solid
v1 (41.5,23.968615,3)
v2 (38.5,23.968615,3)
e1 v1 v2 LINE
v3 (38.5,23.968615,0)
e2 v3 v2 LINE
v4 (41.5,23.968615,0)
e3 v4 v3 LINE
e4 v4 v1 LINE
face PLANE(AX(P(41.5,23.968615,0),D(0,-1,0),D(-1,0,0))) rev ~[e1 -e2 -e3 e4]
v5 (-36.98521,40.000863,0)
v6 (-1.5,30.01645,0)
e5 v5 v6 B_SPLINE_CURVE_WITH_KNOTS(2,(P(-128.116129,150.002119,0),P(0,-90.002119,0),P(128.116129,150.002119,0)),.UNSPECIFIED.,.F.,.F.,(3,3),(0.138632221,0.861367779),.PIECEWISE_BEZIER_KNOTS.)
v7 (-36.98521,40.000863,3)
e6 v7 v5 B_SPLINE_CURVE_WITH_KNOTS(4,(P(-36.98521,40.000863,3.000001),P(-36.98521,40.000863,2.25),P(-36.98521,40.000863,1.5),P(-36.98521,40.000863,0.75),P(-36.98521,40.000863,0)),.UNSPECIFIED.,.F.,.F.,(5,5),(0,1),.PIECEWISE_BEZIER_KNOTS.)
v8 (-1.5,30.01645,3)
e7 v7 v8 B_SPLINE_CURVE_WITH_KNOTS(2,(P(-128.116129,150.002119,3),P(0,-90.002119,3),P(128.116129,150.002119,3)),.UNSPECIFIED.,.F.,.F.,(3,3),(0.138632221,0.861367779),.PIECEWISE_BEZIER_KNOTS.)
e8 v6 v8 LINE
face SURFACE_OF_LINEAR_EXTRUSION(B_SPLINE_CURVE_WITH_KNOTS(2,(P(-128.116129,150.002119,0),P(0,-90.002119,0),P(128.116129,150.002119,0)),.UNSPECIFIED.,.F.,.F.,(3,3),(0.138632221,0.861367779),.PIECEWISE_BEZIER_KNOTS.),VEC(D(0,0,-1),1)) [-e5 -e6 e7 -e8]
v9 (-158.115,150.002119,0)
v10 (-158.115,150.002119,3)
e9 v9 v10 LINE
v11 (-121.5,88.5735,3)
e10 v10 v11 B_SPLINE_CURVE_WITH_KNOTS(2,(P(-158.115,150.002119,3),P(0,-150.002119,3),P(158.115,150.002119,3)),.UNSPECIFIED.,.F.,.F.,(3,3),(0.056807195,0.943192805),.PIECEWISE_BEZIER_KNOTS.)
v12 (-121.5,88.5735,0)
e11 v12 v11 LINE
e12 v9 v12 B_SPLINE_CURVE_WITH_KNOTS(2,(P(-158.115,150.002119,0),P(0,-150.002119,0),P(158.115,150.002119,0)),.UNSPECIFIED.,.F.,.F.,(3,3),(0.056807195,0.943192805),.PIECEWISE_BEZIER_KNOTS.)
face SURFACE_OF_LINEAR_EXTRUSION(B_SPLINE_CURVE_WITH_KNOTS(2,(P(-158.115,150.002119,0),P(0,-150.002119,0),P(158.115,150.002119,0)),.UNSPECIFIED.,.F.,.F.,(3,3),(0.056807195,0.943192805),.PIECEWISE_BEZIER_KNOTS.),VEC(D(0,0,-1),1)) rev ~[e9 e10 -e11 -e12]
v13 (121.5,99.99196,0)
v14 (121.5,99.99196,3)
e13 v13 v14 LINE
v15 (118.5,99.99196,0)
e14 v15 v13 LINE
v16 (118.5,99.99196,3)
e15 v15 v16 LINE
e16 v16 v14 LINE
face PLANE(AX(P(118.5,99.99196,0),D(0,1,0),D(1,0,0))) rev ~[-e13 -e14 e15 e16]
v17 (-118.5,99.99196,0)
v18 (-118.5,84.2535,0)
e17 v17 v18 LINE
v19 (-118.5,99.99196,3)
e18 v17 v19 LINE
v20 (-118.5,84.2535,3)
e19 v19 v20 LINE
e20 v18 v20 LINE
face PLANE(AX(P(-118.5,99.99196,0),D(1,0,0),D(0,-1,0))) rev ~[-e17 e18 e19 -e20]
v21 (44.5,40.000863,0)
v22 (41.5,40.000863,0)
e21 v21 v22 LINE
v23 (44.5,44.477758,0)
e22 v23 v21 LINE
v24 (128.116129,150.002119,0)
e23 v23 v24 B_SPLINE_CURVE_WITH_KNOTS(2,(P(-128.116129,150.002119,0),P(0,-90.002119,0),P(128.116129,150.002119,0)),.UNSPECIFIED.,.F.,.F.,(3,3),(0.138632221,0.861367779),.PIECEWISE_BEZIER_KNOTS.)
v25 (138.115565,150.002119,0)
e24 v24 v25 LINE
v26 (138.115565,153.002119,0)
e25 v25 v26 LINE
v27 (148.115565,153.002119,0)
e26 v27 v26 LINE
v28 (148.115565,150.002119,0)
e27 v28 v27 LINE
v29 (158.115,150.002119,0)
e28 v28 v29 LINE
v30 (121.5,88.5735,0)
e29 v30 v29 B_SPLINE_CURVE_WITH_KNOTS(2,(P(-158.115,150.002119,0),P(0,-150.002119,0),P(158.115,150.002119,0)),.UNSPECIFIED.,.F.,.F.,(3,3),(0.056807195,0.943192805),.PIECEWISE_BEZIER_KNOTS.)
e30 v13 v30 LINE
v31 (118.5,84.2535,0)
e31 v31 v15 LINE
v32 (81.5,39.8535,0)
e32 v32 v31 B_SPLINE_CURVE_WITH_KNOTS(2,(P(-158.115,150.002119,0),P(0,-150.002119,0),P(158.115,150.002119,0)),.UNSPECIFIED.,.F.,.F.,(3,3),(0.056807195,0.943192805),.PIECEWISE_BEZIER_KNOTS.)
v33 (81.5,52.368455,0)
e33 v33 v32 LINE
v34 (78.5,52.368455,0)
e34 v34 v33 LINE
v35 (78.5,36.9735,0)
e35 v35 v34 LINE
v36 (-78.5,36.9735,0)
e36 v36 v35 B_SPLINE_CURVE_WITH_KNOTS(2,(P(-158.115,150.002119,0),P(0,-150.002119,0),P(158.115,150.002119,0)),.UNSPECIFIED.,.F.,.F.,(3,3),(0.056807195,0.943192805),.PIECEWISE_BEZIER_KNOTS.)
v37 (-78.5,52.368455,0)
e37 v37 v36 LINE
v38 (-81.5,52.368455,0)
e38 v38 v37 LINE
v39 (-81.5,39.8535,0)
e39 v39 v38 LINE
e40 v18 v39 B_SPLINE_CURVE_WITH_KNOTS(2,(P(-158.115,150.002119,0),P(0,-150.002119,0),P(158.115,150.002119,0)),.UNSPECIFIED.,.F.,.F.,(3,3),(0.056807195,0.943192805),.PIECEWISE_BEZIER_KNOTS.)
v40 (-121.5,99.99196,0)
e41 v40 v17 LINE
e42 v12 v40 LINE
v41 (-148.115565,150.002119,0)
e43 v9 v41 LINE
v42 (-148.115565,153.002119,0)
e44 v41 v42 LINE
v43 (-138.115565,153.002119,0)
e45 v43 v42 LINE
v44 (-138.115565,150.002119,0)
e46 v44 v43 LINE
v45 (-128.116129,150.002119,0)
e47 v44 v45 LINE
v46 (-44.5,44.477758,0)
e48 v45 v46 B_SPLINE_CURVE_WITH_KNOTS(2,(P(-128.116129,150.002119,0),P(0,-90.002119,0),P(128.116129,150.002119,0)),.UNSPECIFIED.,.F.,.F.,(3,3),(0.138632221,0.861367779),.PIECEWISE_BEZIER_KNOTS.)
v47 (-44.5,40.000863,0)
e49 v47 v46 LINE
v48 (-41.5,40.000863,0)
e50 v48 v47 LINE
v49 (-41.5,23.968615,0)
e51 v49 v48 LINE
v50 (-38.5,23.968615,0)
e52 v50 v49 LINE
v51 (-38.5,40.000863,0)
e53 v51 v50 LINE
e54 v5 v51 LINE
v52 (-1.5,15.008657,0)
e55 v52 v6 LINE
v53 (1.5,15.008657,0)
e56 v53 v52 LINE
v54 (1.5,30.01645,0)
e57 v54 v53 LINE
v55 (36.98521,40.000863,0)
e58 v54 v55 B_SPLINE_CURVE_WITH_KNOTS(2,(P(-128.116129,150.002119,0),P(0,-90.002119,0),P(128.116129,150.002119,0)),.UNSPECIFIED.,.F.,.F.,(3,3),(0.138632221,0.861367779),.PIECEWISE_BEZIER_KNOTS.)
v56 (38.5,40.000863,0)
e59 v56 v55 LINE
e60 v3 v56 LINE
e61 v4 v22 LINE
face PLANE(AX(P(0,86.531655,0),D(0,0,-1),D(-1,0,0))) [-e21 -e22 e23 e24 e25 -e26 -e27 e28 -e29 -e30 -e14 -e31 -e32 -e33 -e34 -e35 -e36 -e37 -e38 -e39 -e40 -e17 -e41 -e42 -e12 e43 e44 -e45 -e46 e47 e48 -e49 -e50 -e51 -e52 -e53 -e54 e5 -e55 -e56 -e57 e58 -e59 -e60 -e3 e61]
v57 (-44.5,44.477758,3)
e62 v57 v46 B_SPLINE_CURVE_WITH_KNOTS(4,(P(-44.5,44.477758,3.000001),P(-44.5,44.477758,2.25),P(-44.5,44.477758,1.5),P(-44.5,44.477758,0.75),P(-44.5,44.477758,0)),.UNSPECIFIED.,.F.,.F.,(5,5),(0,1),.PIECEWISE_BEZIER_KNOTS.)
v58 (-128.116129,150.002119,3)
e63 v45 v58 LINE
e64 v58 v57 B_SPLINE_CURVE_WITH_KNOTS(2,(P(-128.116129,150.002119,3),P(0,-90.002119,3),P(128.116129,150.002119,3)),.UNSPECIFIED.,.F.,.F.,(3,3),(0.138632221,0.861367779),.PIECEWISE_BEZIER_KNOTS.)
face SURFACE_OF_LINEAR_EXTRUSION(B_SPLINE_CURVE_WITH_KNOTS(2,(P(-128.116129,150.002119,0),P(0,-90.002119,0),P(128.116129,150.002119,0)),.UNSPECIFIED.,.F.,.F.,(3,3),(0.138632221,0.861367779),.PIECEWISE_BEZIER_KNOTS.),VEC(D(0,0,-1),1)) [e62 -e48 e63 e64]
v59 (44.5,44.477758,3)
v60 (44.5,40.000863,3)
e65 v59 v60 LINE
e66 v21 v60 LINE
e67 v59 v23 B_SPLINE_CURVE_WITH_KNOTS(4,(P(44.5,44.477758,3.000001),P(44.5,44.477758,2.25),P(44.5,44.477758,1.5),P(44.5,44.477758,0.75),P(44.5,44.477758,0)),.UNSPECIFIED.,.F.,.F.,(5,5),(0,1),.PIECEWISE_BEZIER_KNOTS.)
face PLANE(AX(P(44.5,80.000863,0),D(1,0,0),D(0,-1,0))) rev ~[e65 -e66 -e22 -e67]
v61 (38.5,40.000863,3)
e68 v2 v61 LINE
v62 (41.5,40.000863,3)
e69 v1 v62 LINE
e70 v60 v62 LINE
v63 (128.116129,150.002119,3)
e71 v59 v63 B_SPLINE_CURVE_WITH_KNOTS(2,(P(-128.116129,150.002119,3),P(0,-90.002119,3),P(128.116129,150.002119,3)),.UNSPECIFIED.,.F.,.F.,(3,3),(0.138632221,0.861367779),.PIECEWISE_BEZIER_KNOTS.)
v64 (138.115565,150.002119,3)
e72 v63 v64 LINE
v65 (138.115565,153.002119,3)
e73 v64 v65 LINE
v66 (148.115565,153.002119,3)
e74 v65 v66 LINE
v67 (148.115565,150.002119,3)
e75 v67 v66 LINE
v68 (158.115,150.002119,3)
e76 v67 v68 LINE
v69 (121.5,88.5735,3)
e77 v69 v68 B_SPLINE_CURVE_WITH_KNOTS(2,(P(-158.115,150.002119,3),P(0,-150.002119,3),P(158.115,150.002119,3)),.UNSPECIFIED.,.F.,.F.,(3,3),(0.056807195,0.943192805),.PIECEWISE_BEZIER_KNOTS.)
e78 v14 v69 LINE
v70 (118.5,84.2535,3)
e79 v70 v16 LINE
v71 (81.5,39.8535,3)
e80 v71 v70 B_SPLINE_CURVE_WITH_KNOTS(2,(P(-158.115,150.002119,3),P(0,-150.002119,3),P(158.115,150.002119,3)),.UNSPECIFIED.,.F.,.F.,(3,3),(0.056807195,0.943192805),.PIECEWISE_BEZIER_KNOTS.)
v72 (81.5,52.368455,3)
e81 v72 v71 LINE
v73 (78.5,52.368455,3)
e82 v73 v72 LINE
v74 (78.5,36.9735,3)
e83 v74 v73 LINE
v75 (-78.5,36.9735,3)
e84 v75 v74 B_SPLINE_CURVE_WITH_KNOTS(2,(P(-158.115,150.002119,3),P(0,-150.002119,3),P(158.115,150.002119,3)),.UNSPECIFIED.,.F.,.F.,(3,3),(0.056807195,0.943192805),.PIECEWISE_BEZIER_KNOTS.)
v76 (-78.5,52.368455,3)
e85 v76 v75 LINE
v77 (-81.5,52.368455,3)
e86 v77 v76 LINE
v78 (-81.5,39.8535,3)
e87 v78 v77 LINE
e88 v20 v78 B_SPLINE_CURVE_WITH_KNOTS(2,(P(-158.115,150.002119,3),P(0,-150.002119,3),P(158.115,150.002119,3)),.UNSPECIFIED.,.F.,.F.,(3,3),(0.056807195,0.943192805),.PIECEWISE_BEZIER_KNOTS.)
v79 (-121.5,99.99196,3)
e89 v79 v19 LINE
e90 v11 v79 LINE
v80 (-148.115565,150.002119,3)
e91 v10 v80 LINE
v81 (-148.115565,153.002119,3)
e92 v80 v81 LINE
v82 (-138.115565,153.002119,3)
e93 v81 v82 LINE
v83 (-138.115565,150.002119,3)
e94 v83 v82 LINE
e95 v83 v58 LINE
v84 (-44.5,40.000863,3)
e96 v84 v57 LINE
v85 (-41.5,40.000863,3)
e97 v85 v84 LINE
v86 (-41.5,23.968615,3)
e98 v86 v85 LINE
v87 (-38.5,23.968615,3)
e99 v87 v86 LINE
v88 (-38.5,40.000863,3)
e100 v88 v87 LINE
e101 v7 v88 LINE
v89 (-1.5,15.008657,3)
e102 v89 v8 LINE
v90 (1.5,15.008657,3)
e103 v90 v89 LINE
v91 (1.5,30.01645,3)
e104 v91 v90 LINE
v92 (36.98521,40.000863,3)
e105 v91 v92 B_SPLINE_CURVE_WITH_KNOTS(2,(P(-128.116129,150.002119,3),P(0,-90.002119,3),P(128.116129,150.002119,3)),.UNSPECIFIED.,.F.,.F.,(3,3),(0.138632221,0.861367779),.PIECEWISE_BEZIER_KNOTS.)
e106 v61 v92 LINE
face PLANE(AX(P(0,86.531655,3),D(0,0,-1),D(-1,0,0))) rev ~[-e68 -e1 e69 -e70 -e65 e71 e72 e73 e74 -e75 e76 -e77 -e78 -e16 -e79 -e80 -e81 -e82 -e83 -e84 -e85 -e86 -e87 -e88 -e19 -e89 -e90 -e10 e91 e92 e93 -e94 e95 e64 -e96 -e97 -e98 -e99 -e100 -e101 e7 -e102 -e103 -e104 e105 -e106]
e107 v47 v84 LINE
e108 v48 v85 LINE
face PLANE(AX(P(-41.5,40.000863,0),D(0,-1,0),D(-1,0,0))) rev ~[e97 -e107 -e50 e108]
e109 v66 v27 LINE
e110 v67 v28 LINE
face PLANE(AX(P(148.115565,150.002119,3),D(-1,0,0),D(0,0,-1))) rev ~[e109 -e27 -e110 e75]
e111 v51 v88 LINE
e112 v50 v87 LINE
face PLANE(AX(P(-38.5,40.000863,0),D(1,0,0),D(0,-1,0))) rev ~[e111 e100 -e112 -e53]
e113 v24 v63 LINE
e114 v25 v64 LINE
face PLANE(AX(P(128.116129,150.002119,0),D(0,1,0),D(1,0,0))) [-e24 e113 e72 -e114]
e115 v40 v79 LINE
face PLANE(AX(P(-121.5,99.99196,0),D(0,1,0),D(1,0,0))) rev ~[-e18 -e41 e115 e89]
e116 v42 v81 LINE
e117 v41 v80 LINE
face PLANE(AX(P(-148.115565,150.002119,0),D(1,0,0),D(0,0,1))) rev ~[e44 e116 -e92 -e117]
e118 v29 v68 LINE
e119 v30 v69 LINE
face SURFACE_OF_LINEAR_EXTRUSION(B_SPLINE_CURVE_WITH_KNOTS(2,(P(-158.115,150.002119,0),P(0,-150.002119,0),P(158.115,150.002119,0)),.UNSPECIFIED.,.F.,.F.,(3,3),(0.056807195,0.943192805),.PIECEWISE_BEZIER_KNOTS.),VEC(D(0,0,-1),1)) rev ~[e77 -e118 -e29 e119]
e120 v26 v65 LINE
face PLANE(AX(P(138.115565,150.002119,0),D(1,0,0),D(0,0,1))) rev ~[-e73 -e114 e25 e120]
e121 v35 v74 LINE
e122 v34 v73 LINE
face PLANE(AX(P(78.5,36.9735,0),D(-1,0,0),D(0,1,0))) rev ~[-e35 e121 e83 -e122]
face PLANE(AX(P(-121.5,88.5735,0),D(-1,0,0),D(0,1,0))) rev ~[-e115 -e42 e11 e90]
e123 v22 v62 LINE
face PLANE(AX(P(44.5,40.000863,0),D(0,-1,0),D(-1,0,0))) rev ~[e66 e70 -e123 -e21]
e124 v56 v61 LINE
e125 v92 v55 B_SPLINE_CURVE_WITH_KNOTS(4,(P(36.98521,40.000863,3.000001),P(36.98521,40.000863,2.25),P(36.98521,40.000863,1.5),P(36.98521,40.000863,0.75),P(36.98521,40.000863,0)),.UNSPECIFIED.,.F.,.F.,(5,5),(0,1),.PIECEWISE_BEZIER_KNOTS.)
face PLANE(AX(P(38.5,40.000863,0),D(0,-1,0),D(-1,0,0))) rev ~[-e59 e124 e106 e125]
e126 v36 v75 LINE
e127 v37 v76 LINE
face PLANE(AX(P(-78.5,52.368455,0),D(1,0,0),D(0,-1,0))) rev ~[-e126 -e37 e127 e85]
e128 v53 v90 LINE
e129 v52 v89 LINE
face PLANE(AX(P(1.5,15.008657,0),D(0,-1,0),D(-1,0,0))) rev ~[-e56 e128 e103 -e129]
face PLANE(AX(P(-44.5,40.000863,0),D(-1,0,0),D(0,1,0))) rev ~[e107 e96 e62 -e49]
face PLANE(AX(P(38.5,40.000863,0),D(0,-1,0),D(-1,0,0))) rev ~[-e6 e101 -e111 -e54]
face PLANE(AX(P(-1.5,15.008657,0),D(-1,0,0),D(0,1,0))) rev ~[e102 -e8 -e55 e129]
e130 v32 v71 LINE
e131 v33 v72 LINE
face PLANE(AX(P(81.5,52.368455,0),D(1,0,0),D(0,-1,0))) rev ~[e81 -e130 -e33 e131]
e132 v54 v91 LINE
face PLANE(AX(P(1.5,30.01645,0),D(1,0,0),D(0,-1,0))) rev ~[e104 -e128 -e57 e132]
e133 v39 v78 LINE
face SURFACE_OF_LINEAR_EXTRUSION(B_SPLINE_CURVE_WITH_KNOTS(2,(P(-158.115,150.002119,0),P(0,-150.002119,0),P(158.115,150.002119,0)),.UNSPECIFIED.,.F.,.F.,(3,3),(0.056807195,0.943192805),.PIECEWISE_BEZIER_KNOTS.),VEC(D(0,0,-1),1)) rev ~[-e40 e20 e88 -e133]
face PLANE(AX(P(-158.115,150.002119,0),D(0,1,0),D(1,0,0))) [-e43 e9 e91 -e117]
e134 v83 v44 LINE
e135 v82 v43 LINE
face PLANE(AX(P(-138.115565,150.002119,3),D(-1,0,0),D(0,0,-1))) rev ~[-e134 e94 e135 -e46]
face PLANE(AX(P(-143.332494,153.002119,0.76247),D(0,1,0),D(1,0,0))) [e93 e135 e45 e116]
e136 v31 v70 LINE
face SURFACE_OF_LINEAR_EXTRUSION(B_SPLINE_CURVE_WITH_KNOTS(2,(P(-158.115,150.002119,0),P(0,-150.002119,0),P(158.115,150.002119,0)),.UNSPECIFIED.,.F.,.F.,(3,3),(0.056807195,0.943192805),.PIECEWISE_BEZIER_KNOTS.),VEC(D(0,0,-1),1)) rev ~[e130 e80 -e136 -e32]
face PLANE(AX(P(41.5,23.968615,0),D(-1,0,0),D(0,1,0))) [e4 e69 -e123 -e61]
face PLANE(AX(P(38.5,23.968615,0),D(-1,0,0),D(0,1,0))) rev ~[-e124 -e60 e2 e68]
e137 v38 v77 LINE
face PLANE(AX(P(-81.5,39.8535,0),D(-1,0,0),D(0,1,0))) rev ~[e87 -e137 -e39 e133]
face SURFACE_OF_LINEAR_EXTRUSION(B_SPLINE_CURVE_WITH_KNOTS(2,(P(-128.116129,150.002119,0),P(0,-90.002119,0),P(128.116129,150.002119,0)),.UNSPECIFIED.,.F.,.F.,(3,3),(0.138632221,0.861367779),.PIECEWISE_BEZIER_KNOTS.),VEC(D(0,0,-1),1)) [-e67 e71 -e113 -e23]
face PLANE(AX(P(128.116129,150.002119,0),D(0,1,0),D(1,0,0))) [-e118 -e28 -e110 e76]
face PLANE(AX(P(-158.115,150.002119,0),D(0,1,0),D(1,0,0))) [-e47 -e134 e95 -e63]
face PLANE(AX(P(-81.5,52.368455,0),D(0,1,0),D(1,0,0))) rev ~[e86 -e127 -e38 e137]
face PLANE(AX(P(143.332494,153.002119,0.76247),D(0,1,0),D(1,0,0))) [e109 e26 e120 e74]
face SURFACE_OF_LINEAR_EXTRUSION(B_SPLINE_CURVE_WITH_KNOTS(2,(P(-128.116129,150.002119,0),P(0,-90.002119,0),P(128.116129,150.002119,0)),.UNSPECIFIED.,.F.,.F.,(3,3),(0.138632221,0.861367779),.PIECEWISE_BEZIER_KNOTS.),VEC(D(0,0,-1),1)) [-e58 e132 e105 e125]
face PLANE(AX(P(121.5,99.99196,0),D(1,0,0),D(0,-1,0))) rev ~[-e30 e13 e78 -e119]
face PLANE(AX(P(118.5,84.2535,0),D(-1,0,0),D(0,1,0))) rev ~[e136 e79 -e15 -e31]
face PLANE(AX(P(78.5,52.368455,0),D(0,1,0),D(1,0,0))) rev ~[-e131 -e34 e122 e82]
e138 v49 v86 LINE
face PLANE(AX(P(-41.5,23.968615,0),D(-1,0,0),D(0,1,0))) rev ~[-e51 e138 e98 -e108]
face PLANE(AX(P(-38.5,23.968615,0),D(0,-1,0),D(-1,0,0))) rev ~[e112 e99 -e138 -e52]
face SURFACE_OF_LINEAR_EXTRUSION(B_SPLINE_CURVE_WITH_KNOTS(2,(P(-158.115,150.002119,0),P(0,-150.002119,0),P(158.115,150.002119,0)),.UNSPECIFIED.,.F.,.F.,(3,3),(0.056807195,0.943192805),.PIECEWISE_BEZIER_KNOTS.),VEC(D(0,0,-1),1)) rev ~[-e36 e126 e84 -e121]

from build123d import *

# Parameters (mm, degrees)
EXTRUDE_1_DEPTH     = 3
EXTRUDE_2_DEPTH     = 3
SKETCH_3_W          = 3
SKETCH_3_H          = 16.032248228
CUT_EXTRUDE_1_DEPTH = 221.043181703


with BuildPart() as part:
    # 草图1 → 凸台-拉伸1 (new body)
    with BuildSketch(Plane.XY):
        with BuildLine():
            Line((-158.115, 150.002119351), (-128.116129222, 150.002119351))
            add(Edge.make_bspline(
                [(-128.116129222, 150.002119351), (0, -90.00211935), (128.116129222, 150.002119351)],
                knots=[0.138632221, 0.138632221, 0.138632221, 0.861367779, 0.861367779, 0.861367779], degree=2))
            Line((128.116129222, 150.002119351), (158.115, 150.002119351))
            add(Edge.make_bspline(
                [(-158.115, 150.002119351), (0, -150.002119351), (158.115, 150.002119351)],
                knots=[0.056807195, 0.056807195, 0.056807195, 0.943192805, 0.943192805, 0.943192805], degree=2))
        make_face()
    extrude(amount=EXTRUDE_1_DEPTH)

    # 草图2 → 凸台-拉伸2 (add)
    with BuildSketch(Plane(origin=(0, 150.002119351, 0), x_dir=(1, 0, 0), z_dir=(0, 1, 0))):
        Polygon((138.115564611, 0), (138.115564611, -0.999981179), (148.115564611, -2.000018821), (148.115564611, 0), align=None)
        Polygon((148.115564611, -2.000018821), (138.115564611, -0.999981179), (138.115564611, -3), (148.115564611, -3), align=None)
        Polygon((-148.115564611, 0), (-148.115564611, -2.000018821), (-138.115564611, -0.999981179), (-138.115564611, 0), align=None)
        Polygon((-138.115564611, -0.999981179), (-148.115564611, -2.000018821), (-148.115564611, -3), (-138.115564611, -3), align=None)
    extrude(amount=EXTRUDE_2_DEPTH)

    # 草图3 → 切除-拉伸1 (cut, through all)
    with BuildSketch(Plane(origin=(0, 0, 0), x_dir=(-1, 0, 0), z_dir=(0, 0, -1))):
        with BuildLine():
            Line((38.5, 47.194759053), (38.5, 40.836842401))
            add(Edge.make_bspline(
                [(41.5, 42.591500641), (40, 41.681271679), (38.5, 40.836842401)],
                knots=[0.382943991, 0.382943991, 0.382943991, 0.391405871, 0.391405871, 0.391405871], degree=2))
            Line((41.5, 42.591500641), (41.5, 47.194759053))
            Line((41.5, 47.194759053), (38.5, 47.194759053))
        make_face()
        with BuildLine():
            Line((41.5, 42.591500641), (41.5, 40.0008631))
            Line((41.5, 40.0008631), (44.5, 40.0008631))
            Line((44.5, 40.0008631), (44.5, 44.477758249))
            add(Edge.make_bspline(
                [(44.5, 44.477758249), (43, 43.501729603), (41.5, 42.591500641)],
                knots=[0.37448211, 0.37448211, 0.37448211, 0.382943991, 0.382943991, 0.382943991], degree=2))
        make_face()
        with BuildLine():
            Line((38.5, 40.836842401), (38.5, 40.0008631))
            Line((38.5, 40.0008631), (41.5, 40.0008631))
            Line((41.5, 40.0008631), (41.5, 42.591500641))
            add(Edge.make_bspline(
                [(41.5, 42.591500641), (40, 41.681271679), (38.5, 40.836842401)],
                knots=[0.382943991, 0.382943991, 0.382943991, 0.391405871, 0.391405871, 0.391405871], degree=2))
        make_face()
        with Locations((40, 31.984738986)):
            Rectangle(SKETCH_3_W, SKETCH_3_H)
        with BuildLine():
            add(Edge.make_bspline(
                [(38.5, 40.836842401), (37.742605127, 40.410464797), (36.985210253, 40.0008631)],
                knots=[0.391405871, 0.391405871, 0.391405871, 0.395678527, 0.395678527, 0.395678527], degree=2))
            Line((36.985210253, 40.0008631), (38.5, 40.0008631))
            Line((38.5, 40.0008631), (38.5, 40.836842401))
        make_face()
        with BuildLine():
            Line((-36.985210253, 40.0008631), (36.985210253, 40.0008631))
            add(Edge.make_bspline(
                [(38.5, 40.836842401), (37.742605127, 40.410464797), (36.985210253, 40.0008631)],
                knots=[0.391405871, 0.391405871, 0.391405871, 0.395678527, 0.395678527, 0.395678527], degree=2))
            Line((38.5, 40.836842401), (38.5, 47.194759053))
            Line((38.5, 47.194759053), (41.5, 47.194759053))
            Line((41.5, 47.194759053), (41.5, 42.591500641))
            add(Edge.make_bspline(
                [(44.5, 44.477758249), (43, 43.501729603), (41.5, 42.591500641)],
                knots=[0.37448211, 0.37448211, 0.37448211, 0.382943991, 0.382943991, 0.382943991], degree=2))
            Line((44.5, 44.477758249), (44.5, 80.0008631))
            Line((44.5, 80.0008631), (-44.5, 80.0008631))
            Line((-44.5, 80.0008631), (-44.5, 44.477758249))
            add(Edge.make_bspline(
                [(-40.274457726, 41.858798825), (-42.387228863, 43.103008147), (-44.5, 44.477758249)],
                knots=[0.613599212, 0.613599212, 0.613599212, 0.62551789, 0.62551789, 0.62551789], degree=2))
            Line((-40.274457726, 41.858798825), (-38.5, 41.858798825))
            Line((-38.5, 41.858798825), (-38.5, 40.836842401))
            add(Edge.make_bspline(
                [(-36.985210253, 40.0008631), (-37.742605127, 40.410464797), (-38.5, 40.836842401)],
                knots=[0.604321473, 0.604321473, 0.604321473, 0.608594129, 0.608594129, 0.608594129], degree=2))
        make_face()
        with BuildLine():
            Line((-38.5, 40.0008631), (-36.985210253, 40.0008631))
            add(Edge.make_bspline(
                [(-36.985210253, 40.0008631), (-37.742605127, 40.410464797), (-38.5, 40.836842401)],
                knots=[0.604321473, 0.604321473, 0.604321473, 0.608594129, 0.608594129, 0.608594129], degree=2))
            Line((-38.5, 40.836842401), (-38.5, 40.0008631))
        make_face()
        with BuildLine():
            add(Edge.make_bspline(
                [(-38.5, 40.836842401), (-39.387228863, 41.33631042), (-40.274457726, 41.858798825)],
                knots=[0.608594129, 0.608594129, 0.608594129, 0.613599212, 0.613599212, 0.613599212], degree=2))
            Line((-38.5, 40.836842401), (-38.5, 41.858798825))
            Line((-38.5, 41.858798825), (-40.274457726, 41.858798825))
        make_face()
        with BuildLine():
            Line((-41.5, 40.0008631), (-38.5, 40.0008631))
            Line((-38.5, 40.0008631), (-38.5, 40.836842401))
            add(Edge.make_bspline(
                [(-38.5, 40.836842401), (-39.387228863, 41.33631042), (-40.274457726, 41.858798825)],
                knots=[0.608594129, 0.608594129, 0.608594129, 0.613599212, 0.613599212, 0.613599212], degree=2))
            Line((-40.274457726, 41.858798825), (-41.5, 41.858798825))
            Line((-41.5, 41.858798825), (-41.5, 40.0008631))
        make_face()
        with BuildLine():
            Line((-44.5, 40.0008631), (-41.5, 40.0008631))
            Line((-41.5, 40.0008631), (-41.5, 41.858798825))
            Line((-41.5, 41.858798825), (-40.274457726, 41.858798825))
            add(Edge.make_bspline(
                [(-40.274457726, 41.858798825), (-42.387228863, 43.103008147), (-44.5, 44.477758249)],
                knots=[0.613599212, 0.613599212, 0.613599212, 0.62551789, 0.62551789, 0.62551789], degree=2))
            Line((-44.5, 44.477758249), (-44.5, 40.0008631))
        make_face()
        with Locations((-40, 31.984738986)):
            Rectangle(SKETCH_3_W, SKETCH_3_H)
        with BuildLine():
            Line((-1.5, 15.008656511), (1.5, 15.008656511))
            Line((1.5, 15.008656511), (1.5, 30.016449922))
            add(Edge.make_bspline(
                [(-1.5, 30.016449922), (0, 29.98355008), (1.5, 30.016449922)],
                knots=[0, 0, 0, 1, 1, 1], degree=2))
            Line((-1.5, 30.016449922), (-1.5, 15.008656511))
        make_face()
        with BuildLine():
            Line((-118.5, 84.2535), (-118.5, 99.99195986))
            Line((-118.5, 99.99195986), (-121.5, 99.99195986))
            Line((-121.5, 99.99195986), (-121.5, 88.5735))
            add(Edge.make_bspline(
                [(-121.5, 88.5735), (-120, 86.3865), (-118.5, 84.2535)],
                knots=[0.15943822, 0.15943822, 0.15943822, 0.167847153, 0.167847153, 0.167847153], degree=2))
        make_face()
        with BuildLine():
            Line((-81.5, 52.368455115), (-81.5, 39.8535))
            add(Edge.make_bspline(
                [(-81.5, 39.8535), (-80, 38.3865), (-78.5, 36.9735)],
                knots=[0.271557325, 0.271557325, 0.271557325, 0.279966258, 0.279966258, 0.279966258], degree=2))
            Line((-78.5, 36.9735), (-78.5, 52.368455115))
            Line((-78.5, 52.368455115), (-81.5, 52.368455115))
        make_face()
        with BuildLine():
            Line((78.5, 52.368455115), (78.5, 36.9735))
            add(Edge.make_bspline(
                [(78.5, 36.9735), (80, 38.3865), (81.5, 39.8535)],
                knots=[0.720033742, 0.720033742, 0.720033742, 0.728442675, 0.728442675, 0.728442675], degree=2))
            Line((81.5, 39.8535), (81.5, 52.368455115))
            Line((81.5, 52.368455115), (78.5, 52.368455115))
        make_face()
        with BuildLine():
            Line((118.5, 99.99195986), (118.5, 84.2535))
            add(Edge.make_bspline(
                [(118.5, 84.2535), (120, 86.3865), (121.5, 88.5735)],
                knots=[0.832152847, 0.832152847, 0.832152847, 0.84056178, 0.84056178, 0.84056178], degree=2))
            Line((121.5, 88.5735), (121.5, 99.99195986))
            Line((121.5, 99.99195986), (118.5, 99.99195986))
        make_face()
    extrude(amount=-CUT_EXTRUDE_1_DEPTH, mode=Mode.SUBTRACT)


solid = part.part
